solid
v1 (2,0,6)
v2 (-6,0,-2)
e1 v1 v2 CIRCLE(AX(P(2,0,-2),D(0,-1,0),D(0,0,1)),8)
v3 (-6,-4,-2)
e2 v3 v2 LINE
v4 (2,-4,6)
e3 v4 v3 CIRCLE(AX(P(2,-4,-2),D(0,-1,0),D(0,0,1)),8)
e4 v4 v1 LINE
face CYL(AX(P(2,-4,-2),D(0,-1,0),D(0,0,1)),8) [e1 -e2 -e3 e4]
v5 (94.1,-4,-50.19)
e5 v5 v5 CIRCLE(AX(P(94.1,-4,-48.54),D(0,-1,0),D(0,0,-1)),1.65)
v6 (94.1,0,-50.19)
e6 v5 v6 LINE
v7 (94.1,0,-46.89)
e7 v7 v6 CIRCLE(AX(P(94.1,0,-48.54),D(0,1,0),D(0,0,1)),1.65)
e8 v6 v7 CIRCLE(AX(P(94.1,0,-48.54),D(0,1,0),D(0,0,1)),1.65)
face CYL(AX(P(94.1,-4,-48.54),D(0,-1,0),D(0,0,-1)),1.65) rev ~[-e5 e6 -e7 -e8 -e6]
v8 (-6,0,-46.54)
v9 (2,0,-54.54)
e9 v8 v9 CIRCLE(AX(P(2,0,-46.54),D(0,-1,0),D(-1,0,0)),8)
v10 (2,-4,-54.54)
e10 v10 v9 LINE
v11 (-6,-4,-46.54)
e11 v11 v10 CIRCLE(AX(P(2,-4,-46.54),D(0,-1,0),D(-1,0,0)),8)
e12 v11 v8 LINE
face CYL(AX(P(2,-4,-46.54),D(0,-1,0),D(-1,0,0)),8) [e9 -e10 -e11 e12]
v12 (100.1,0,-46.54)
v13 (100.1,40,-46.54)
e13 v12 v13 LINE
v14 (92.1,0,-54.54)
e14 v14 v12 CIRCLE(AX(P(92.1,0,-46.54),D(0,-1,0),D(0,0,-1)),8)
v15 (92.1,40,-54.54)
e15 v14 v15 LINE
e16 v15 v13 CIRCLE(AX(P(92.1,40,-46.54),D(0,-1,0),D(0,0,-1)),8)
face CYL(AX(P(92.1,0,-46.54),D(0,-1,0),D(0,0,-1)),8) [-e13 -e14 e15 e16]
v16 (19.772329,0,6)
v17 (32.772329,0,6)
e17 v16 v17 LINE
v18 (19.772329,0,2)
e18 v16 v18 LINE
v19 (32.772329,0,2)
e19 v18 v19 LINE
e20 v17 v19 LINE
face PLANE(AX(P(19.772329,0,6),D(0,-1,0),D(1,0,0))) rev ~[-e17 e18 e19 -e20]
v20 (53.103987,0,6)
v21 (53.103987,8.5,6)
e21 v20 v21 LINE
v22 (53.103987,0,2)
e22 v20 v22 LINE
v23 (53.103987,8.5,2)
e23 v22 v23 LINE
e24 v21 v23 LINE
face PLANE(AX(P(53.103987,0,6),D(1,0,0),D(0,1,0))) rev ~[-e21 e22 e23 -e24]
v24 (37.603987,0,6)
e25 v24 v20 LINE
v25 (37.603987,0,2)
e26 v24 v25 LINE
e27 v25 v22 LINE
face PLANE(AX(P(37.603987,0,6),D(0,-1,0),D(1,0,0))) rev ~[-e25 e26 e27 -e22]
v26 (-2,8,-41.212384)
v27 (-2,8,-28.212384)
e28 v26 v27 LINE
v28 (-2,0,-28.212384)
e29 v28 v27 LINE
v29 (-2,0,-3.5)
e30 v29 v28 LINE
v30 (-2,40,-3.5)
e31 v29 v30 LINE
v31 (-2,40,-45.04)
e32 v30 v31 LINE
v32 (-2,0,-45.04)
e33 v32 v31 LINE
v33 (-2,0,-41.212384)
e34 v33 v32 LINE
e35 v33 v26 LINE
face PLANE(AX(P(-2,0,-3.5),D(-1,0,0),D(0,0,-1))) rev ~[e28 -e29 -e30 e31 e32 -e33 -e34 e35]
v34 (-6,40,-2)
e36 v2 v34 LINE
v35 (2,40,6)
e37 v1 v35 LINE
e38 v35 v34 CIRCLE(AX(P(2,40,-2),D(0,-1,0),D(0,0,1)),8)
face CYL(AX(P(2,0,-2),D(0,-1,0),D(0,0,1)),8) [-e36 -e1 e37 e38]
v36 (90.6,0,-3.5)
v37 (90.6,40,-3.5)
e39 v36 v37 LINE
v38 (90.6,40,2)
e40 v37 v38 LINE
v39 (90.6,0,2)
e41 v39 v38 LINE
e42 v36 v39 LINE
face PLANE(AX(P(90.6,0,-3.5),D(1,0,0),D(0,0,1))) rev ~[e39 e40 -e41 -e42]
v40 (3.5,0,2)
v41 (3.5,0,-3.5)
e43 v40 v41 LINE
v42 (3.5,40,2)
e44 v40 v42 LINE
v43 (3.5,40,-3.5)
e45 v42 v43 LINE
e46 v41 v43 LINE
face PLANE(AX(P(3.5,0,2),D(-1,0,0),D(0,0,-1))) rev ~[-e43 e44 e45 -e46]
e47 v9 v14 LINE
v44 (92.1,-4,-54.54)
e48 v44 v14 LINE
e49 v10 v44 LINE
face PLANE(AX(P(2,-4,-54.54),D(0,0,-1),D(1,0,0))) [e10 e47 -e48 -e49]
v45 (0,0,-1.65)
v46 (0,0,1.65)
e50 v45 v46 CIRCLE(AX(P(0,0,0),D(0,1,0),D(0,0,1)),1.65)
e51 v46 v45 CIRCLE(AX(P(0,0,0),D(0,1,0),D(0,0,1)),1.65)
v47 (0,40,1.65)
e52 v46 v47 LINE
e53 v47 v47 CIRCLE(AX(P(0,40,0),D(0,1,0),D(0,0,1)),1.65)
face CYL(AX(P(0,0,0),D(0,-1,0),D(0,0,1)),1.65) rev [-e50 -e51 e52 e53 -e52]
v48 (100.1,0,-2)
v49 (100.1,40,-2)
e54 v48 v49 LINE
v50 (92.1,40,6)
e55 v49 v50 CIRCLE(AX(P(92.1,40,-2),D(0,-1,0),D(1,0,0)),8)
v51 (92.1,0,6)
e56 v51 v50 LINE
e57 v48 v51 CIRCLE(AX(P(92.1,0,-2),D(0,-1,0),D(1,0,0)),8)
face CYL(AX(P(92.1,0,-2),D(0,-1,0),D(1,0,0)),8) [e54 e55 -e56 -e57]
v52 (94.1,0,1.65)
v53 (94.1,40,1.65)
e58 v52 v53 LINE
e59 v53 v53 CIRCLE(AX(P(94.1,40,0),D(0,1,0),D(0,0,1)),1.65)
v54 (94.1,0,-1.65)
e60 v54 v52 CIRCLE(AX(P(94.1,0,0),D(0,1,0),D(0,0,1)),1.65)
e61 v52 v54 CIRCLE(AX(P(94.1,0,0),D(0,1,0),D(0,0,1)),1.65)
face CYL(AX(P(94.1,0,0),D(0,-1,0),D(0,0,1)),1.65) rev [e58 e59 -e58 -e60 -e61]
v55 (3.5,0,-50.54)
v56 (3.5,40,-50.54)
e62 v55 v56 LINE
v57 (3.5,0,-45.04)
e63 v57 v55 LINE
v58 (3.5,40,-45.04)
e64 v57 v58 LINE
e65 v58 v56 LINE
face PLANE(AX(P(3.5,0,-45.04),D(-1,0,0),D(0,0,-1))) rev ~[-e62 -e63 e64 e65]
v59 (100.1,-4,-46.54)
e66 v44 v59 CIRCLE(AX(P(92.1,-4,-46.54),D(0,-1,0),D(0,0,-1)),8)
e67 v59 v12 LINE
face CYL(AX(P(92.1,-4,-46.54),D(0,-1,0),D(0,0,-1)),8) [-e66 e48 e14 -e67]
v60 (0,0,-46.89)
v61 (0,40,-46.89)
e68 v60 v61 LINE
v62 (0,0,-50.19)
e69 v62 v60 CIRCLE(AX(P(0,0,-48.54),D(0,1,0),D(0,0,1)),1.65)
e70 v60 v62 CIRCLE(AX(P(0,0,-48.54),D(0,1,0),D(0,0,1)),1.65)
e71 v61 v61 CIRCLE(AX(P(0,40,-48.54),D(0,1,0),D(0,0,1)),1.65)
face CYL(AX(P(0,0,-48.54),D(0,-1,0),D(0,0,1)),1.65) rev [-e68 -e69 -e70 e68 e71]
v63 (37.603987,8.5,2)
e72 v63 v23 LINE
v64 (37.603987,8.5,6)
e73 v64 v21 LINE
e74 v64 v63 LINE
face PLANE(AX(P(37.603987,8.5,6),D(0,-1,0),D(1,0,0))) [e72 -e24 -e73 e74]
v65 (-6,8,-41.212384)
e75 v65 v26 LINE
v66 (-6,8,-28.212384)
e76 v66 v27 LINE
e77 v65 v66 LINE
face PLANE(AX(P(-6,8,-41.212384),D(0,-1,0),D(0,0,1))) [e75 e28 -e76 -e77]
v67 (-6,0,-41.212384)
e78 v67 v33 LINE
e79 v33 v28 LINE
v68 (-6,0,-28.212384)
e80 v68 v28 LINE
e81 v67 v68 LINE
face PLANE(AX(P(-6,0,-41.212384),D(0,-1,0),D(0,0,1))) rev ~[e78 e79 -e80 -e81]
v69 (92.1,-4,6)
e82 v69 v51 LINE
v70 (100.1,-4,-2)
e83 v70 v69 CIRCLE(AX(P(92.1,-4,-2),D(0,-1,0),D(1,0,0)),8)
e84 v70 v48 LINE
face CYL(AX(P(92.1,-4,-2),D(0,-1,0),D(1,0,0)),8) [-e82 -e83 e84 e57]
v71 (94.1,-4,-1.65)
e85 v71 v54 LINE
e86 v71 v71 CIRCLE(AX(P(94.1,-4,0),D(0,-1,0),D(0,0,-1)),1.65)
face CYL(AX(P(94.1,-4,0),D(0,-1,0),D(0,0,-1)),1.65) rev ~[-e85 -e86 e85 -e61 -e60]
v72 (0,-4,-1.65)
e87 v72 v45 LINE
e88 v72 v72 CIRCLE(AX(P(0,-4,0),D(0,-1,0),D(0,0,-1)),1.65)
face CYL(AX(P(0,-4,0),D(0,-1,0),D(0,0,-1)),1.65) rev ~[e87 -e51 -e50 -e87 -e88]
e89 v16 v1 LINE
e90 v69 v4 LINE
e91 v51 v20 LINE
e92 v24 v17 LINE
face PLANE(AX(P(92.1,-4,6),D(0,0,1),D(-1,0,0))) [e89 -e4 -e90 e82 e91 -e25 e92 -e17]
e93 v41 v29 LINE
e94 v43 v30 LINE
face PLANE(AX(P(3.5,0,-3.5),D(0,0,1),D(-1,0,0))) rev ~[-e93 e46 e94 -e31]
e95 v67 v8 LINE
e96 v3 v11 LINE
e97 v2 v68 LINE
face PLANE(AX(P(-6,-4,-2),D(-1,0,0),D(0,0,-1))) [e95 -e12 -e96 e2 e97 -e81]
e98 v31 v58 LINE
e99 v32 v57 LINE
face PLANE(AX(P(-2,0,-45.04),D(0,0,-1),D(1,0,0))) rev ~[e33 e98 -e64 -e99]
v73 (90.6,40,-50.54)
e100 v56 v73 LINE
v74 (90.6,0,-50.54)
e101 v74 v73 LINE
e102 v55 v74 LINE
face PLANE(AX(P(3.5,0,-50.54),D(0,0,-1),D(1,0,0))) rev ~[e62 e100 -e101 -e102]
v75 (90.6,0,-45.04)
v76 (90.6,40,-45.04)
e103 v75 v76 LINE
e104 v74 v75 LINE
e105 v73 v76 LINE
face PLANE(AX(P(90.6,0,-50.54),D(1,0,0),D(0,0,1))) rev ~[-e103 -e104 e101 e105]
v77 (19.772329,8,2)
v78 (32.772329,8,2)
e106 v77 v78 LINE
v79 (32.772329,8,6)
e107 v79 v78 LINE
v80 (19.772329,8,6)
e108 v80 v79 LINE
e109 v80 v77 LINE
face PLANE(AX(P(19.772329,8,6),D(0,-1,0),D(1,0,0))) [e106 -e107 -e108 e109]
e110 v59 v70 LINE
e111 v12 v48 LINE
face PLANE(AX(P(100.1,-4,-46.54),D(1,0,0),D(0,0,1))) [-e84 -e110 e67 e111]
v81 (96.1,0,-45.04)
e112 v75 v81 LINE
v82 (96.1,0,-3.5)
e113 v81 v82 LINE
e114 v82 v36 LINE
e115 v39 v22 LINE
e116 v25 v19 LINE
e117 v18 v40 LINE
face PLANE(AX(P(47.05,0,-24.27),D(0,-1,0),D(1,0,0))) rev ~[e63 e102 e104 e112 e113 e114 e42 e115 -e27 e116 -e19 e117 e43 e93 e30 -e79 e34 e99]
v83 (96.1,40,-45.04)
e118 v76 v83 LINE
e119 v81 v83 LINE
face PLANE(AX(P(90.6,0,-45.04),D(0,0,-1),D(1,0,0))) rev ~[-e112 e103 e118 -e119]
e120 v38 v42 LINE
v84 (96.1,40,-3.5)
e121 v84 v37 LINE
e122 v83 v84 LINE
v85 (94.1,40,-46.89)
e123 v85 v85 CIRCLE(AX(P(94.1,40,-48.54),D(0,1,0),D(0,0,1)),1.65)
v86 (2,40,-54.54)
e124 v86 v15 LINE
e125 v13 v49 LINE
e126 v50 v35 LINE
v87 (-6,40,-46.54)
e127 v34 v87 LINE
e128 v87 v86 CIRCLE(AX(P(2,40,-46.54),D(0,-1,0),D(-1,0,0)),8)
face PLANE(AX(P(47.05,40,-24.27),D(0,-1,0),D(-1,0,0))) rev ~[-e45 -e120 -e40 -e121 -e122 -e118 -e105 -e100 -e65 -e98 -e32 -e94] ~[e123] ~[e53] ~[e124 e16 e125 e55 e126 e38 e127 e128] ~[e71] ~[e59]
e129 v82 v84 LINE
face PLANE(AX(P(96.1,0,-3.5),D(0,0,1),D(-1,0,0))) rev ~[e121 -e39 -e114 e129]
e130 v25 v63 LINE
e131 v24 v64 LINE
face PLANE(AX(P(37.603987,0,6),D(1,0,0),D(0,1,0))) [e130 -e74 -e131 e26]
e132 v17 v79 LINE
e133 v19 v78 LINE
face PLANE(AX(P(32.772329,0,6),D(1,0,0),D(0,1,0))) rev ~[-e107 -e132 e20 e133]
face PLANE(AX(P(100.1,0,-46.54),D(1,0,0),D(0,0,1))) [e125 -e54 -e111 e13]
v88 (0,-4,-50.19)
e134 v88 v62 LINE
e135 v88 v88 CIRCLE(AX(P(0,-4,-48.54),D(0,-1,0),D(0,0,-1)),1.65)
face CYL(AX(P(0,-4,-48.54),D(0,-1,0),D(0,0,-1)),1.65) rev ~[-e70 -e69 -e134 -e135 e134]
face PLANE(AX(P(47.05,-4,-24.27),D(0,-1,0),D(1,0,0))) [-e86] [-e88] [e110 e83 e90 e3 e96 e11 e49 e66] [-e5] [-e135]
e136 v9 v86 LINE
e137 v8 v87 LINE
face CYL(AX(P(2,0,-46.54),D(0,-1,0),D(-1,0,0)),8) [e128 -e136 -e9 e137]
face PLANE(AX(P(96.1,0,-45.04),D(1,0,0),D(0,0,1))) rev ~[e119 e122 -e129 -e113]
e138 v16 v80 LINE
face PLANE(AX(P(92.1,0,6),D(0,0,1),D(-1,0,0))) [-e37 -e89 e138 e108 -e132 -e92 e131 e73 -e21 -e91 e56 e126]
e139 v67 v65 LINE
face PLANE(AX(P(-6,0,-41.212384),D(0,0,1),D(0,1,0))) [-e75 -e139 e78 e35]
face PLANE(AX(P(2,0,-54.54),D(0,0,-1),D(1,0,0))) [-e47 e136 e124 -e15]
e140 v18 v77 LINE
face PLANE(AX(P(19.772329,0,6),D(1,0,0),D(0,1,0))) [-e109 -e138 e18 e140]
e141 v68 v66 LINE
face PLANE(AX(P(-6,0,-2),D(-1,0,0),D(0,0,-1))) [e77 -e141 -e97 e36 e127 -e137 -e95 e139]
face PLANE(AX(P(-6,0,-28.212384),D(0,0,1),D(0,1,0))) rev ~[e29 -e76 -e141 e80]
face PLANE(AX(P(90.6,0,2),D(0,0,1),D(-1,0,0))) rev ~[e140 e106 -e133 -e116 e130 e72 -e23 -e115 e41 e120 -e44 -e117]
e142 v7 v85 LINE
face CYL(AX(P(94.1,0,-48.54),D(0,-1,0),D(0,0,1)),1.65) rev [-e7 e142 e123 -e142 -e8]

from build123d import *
from build123d.topology import SkipClean

# Parameters (mm, degrees)
SKETCH1_R           = 1.65
BOSS_EXTRUDE1_DEPTH = 40
BOSS_EXTRUDE2_START = 4
SKETCH2_R           = 1.65
BOSS_EXTRUDE2_DEPTH = 4
SKETCH3_W           = 15.5
SKETCH3_H           = 8.5
CUT_EXTRUDE1_DEPTH  = 4
SKETCH5_W           = 13
SKETCH5_H           = 8
CUT_EXTRUDE2_DEPTH  = 4
SKETCH6_W           = 13
SKETCH6_H           = 8
CUT_EXTRUDE3_DEPTH  = 4


with BuildPart() as part:
    # Sketch1 → Boss-Extrude1 (new body)
    with BuildSketch(Plane(origin=(0, 0, 0), x_dir=(1, 0, 0), z_dir=(0, 1, 0))):
        with BuildLine():
            Line((2, 54.54), (92.1, 54.54))
            ThreePointArc((92.1, 54.54), (97.756854249, 52.196854249), (100.1, 46.54))
            Line((100.1, 46.54), (100.1, 2))
            ThreePointArc((100.1, 2), (97.756854249, -3.656854249), (92.1, -6))
            Line((92.1, -6), (2, -6))
            ThreePointArc((2, -6), (-3.656854249, -3.656854249), (-6, 2))
            Line((-6, 2), (-6, 46.54))
            ThreePointArc((-6, 46.54), (-3.656854249, 52.196854249), (2, 54.54))
        make_face()
        with Locations(Location((0, 48.54, 0), (0, 0, 270))):
            Circle(SKETCH1_R, mode=Mode.SUBTRACT)
        with Locations(Location((0, 0, 0), (0, 0, 270))):
            Circle(SKETCH1_R, mode=Mode.SUBTRACT)
        with Locations(Location((94.1, 48.54, 0), (0, 0, 270))):
            Circle(SKETCH1_R, mode=Mode.SUBTRACT)
        with Locations(Location((94.1, 0, 0), (0, 0, 270))):
            Circle(SKETCH1_R, mode=Mode.SUBTRACT)
        Polygon((-2, 45.04), (3.5, 45.04), (3.5, 50.54), (90.6, 50.54), (90.6, 45.04), (96.1, 45.04), (96.1, 3.5), (90.6, 3.5), (90.6, -2), (3.5, -2), (3.5, 3.5), (-2, 3.5), align=None, mode=Mode.SUBTRACT)
    extrude(amount=BOSS_EXTRUDE1_DEPTH)

    # Sketch2 → Boss-Extrude2 (add)
    with SkipClean():  # the faces are left unmerged after this step: merging them gives an invalid solid
        with BuildSketch(Plane.XZ.offset(BOSS_EXTRUDE2_START)):
            with BuildLine():
                Line((100.1, -46.54), (100.1, -2))
                ThreePointArc((100.1, -2), (97.756854249, 3.656854249), (92.1, 6))
                Line((92.1, 6), (2, 6))
                ThreePointArc((2, 6), (-3.656854249, 3.656854249), (-6, -2))
                Line((-6, -2), (-6, -46.54))
                ThreePointArc((-6, -46.54), (-3.656854249, -52.196854249), (2, -54.54))
                Line((2, -54.54), (92.1, -54.54))
                ThreePointArc((92.1, -54.54), (97.756854249, -52.196854249), (100.1, -46.54))
            make_face()
            with Locations(Location((94.1, 0, 0), (0, 0, 270))):
                Circle(SKETCH2_R, mode=Mode.SUBTRACT)
            with Locations(Location((94.1, -48.54, 0), (0, 0, 270))):
                Circle(SKETCH2_R, mode=Mode.SUBTRACT)
            with Locations(Location((0, -48.54, 0), (0, 0, 270))):
                Circle(SKETCH2_R, mode=Mode.SUBTRACT)
            with Locations(Location((0, 0, 0), (0, 0, 270))):
                Circle(SKETCH2_R, mode=Mode.SUBTRACT)
        extrude(amount=-BOSS_EXTRUDE2_DEPTH)

    # Sketch3 → Cut-Extrude1 (cut)
    with SkipClean():  # the faces are left unmerged after this step: merging them gives an invalid solid
        with BuildSketch(Plane.XY.offset(6)):
            with Locations((45.353986939, 4.25)):
                Rectangle(SKETCH3_W, SKETCH3_H)
        extrude(amount=-CUT_EXTRUDE1_DEPTH, mode=Mode.SUBTRACT)

    # Sketch5 → Cut-Extrude2 (cut)
    with SkipClean():  # the faces are left unmerged after this step: merging them gives an invalid solid
        with BuildSketch(Plane.ZY.offset(6)):
            with Locations((-34.712384261, 4)):
                Rectangle(SKETCH5_W, SKETCH5_H)
        extrude(amount=-CUT_EXTRUDE2_DEPTH, mode=Mode.SUBTRACT)

    # Sketch6 → Cut-Extrude3 (cut)
    with SkipClean():  # the faces are left unmerged after this step: merging them gives an invalid solid
        with BuildSketch(Plane.XY.offset(6)):
            with Locations((26.272328528, 4)):
                Rectangle(SKETCH6_W, SKETCH6_H)
        extrude(amount=-CUT_EXTRUDE3_DEPTH, mode=Mode.SUBTRACT)


solid = part.part
